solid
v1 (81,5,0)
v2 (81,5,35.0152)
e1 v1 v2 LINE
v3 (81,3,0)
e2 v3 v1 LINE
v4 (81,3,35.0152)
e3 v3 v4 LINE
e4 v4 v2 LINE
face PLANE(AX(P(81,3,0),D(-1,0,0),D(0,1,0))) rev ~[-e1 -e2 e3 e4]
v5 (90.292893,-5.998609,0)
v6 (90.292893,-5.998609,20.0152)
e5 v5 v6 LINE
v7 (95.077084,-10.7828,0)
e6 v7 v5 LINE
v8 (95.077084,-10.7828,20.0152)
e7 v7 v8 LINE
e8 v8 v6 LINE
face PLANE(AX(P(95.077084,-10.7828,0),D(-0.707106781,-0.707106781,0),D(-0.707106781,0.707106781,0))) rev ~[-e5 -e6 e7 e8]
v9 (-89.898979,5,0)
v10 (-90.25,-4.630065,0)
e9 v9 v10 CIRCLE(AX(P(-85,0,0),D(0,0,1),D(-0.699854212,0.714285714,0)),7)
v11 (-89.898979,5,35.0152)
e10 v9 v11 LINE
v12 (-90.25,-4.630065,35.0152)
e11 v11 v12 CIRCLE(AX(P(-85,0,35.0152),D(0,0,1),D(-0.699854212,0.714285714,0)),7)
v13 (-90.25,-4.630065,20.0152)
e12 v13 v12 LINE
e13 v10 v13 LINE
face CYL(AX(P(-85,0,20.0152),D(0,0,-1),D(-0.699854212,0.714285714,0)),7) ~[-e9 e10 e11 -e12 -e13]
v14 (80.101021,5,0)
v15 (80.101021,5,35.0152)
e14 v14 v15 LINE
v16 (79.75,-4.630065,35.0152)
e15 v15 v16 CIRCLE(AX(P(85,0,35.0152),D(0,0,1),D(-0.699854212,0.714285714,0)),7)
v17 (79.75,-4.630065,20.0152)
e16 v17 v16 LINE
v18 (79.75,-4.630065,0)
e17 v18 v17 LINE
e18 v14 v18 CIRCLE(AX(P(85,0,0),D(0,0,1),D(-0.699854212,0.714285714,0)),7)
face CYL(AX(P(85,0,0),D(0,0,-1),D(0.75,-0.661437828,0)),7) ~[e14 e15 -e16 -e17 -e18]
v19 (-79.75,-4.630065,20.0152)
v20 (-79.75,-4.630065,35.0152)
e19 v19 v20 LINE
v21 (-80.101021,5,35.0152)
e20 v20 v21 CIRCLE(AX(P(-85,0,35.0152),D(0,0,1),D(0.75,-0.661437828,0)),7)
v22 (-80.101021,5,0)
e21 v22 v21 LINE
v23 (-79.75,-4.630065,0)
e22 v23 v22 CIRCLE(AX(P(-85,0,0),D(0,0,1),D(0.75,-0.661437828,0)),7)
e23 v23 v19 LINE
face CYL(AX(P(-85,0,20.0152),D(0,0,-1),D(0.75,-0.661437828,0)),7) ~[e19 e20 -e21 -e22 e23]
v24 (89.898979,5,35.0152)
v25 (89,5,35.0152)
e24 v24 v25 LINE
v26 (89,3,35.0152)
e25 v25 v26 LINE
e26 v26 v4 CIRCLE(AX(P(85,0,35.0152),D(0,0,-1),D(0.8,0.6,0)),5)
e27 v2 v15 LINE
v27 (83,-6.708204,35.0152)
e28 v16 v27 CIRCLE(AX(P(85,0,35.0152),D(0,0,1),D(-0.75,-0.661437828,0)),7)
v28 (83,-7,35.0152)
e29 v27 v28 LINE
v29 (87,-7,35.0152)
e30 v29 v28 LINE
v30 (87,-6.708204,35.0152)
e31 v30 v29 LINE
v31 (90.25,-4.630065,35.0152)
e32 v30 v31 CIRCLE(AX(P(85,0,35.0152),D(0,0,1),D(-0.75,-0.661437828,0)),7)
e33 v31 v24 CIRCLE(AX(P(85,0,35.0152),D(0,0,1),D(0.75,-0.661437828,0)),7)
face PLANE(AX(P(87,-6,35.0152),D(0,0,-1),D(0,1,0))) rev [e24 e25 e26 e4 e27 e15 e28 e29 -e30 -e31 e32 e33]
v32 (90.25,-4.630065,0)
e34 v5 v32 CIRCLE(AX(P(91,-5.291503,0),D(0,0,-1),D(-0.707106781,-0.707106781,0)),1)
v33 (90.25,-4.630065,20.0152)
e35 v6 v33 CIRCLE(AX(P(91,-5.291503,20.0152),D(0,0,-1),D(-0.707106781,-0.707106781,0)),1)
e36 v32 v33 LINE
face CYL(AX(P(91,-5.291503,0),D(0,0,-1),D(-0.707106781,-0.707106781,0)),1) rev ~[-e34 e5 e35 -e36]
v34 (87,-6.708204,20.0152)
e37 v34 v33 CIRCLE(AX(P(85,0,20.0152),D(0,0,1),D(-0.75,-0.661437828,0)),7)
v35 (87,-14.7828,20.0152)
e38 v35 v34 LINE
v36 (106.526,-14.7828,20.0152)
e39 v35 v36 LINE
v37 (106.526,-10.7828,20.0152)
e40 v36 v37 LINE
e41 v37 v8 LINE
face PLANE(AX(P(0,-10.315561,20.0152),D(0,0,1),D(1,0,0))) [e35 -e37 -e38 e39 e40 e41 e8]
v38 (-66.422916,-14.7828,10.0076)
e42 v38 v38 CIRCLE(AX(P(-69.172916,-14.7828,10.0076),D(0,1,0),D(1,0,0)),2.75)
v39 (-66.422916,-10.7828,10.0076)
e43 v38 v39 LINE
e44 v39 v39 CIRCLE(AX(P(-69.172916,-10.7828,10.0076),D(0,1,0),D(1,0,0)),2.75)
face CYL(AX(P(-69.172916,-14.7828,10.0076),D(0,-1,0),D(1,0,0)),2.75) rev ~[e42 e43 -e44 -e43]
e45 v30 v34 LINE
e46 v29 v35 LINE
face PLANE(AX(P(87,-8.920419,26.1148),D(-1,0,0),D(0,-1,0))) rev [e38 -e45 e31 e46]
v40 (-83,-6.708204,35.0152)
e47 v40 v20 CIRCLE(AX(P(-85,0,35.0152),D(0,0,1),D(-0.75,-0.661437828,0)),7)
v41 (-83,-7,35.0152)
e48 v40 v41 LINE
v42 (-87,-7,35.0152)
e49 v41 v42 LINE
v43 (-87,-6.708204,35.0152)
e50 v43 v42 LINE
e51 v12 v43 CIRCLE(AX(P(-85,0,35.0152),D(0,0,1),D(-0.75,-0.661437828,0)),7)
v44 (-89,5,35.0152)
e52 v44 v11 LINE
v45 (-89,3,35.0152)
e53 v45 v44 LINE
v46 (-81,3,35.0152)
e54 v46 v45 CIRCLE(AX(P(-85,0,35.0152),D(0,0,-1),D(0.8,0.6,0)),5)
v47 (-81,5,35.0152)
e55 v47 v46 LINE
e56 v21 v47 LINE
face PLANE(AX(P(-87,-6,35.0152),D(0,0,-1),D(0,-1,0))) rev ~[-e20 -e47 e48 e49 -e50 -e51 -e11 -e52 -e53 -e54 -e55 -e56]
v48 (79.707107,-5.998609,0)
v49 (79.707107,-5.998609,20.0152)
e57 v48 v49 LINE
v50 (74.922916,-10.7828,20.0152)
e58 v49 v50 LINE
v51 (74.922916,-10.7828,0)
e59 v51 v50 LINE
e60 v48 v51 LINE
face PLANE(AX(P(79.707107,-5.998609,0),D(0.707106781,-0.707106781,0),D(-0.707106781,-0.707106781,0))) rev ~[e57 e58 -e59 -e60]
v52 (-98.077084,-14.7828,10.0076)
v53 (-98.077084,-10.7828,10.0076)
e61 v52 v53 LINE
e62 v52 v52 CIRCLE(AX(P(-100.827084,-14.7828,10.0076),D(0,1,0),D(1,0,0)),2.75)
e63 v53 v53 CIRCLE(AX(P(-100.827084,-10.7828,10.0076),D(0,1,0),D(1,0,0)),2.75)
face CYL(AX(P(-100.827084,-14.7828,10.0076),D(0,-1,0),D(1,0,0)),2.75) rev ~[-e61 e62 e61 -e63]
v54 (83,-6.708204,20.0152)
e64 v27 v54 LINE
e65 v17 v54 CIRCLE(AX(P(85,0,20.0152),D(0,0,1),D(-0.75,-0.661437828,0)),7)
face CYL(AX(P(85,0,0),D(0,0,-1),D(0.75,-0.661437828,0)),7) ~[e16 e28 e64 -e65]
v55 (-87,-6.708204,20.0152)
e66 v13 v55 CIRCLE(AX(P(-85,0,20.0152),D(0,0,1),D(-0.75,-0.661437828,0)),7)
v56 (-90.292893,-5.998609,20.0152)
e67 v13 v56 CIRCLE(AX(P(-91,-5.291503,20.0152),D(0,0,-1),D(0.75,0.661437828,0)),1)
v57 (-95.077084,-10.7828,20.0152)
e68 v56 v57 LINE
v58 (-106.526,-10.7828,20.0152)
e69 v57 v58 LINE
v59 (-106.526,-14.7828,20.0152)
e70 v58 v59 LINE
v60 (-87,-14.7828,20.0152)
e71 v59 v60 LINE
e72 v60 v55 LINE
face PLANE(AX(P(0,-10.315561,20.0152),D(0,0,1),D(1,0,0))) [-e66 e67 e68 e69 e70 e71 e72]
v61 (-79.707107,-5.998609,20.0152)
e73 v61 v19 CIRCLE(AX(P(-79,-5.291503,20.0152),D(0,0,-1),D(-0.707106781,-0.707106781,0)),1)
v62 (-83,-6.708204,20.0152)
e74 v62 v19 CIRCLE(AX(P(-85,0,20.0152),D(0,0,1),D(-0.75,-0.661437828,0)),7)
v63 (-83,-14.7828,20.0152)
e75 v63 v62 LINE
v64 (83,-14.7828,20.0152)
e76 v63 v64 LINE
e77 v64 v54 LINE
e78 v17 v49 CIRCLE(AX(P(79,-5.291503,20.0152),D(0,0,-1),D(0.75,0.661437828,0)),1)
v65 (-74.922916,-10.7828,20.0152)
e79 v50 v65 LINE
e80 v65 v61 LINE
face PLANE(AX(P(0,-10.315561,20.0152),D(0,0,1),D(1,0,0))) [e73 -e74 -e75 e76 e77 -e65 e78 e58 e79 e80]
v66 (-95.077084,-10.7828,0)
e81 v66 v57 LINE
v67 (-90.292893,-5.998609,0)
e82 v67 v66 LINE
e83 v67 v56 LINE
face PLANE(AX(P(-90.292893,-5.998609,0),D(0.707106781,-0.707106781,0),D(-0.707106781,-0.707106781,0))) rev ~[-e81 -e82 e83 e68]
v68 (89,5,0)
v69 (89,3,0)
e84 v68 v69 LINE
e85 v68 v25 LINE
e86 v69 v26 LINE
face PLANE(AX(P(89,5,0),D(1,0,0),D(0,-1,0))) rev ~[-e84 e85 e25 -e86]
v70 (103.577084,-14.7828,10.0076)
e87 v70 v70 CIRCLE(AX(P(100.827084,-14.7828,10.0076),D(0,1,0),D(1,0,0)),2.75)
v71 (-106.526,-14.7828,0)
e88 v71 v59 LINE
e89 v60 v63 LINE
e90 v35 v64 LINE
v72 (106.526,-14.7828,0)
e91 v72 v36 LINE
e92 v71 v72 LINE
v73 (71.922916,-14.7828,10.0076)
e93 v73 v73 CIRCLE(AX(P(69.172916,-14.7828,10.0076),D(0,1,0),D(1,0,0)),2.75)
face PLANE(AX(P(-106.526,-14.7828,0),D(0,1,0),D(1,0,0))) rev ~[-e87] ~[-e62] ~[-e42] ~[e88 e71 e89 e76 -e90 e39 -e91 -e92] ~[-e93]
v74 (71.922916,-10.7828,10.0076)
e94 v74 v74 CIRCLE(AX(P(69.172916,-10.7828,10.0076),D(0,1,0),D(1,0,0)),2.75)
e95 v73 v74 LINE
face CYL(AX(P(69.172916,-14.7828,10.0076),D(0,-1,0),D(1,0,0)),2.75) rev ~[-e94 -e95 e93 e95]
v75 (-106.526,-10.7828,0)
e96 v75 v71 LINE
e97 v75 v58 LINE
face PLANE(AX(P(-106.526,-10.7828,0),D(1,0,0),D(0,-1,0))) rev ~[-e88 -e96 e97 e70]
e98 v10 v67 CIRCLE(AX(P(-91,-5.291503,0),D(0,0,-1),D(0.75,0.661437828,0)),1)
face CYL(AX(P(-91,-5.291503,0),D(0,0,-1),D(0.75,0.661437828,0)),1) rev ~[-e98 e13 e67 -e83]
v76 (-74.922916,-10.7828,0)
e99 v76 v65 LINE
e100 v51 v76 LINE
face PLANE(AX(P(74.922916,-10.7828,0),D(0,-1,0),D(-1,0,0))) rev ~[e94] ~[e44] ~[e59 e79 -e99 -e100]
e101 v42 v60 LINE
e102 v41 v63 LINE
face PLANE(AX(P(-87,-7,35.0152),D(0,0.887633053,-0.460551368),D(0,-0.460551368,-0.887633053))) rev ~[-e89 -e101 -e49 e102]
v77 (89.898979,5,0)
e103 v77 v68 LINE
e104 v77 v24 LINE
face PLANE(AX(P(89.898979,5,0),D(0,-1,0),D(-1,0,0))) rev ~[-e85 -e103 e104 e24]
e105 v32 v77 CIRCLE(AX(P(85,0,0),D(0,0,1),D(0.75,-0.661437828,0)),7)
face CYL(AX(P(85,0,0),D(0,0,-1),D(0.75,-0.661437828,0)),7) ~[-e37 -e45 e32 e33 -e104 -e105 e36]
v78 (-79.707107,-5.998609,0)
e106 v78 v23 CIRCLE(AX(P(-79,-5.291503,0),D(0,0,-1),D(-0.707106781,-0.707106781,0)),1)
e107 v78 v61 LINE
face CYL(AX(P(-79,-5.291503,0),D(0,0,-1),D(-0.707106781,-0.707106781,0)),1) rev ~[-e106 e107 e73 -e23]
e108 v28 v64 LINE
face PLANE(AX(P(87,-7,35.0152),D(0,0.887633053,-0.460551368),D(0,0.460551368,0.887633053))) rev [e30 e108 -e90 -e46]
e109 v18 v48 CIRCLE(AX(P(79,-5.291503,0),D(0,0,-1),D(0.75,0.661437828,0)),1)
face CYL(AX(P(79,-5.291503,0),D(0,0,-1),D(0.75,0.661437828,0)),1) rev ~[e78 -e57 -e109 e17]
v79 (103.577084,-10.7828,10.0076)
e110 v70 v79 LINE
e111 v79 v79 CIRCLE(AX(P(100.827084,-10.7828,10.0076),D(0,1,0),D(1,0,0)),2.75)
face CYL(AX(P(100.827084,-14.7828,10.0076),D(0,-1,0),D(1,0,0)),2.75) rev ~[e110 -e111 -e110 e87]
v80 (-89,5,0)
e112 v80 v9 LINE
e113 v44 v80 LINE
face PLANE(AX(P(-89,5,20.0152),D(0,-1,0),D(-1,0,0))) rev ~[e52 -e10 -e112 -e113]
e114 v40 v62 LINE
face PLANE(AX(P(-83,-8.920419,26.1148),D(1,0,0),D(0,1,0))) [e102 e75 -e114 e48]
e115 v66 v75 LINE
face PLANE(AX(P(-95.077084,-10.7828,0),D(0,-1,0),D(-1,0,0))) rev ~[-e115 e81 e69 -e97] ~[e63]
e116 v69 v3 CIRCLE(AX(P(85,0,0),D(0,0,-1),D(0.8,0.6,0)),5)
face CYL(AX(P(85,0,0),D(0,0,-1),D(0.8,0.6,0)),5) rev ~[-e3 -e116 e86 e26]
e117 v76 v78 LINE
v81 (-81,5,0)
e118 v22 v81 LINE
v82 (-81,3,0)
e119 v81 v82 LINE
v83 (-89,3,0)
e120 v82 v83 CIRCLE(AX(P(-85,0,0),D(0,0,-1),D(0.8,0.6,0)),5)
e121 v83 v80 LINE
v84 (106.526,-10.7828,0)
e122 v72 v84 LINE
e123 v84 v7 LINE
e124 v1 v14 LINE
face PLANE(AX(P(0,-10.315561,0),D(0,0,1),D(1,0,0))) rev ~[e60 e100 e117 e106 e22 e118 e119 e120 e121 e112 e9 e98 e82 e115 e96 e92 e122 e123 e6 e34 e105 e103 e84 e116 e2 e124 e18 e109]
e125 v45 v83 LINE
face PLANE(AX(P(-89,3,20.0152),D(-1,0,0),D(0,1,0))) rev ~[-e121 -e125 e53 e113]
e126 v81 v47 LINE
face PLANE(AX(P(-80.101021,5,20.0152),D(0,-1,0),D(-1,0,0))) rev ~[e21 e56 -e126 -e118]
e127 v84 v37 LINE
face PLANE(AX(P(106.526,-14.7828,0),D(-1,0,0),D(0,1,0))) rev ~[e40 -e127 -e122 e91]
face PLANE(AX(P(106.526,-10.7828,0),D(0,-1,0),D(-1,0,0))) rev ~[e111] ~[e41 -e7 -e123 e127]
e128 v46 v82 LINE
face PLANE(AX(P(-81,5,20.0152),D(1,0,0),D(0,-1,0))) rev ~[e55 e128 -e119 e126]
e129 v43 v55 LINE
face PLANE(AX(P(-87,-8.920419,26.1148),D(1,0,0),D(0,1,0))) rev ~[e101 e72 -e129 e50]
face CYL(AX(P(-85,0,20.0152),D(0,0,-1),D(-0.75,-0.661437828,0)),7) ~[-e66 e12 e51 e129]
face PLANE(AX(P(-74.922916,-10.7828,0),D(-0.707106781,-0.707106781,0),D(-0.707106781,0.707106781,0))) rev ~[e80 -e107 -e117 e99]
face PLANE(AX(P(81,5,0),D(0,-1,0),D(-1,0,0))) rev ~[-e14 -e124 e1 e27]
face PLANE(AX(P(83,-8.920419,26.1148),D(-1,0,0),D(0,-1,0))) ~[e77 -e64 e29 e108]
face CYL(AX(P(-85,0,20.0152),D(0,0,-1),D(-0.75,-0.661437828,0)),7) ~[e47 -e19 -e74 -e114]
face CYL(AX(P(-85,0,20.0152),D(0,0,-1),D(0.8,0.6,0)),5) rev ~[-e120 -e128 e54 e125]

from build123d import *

# Parameters (mm, degrees)
F1_DEPTH = 20.0152
F3_DEPTH = 15
F4_R     = 2.75
F5_DEPTH = 19.7838
F8_DEPTH = 4


with BuildPart() as f1:
    # F0 (on Top) → F1 (new body)
    with BuildSketch(Plane.XY):
        with BuildLine():
            ThreePointArc((-81, 3), (-85, -5), (-89, 3))
            Line((-89, 3), (-89, 5))
            Line((-89, 5), (-89.8989794856, 5))
            ThreePointArc((-89.8989794856, 5), (-91.9953543967, 0.2549840475), (-90.25, -4.6300647944))
            ThreePointArc((-90.25, -4.6300647944), (-90.0004908056, -5.3228294538), (-90.2928932188, -5.9986094033))
            Line((-90.2928932188, -5.9986094033), (-95.0770838155, -10.7828))
            Line((-95.0770838155, -10.7828), (-106.526, -10.7828))
            Line((-106.526, -10.7828), (-106.526, -14.7828))
            Line((-106.526, -14.7828), (106.526, -14.7828))
            Line((106.526, -14.7828), (106.526, -10.7828))
            Line((106.526, -10.7828), (95.0770838155, -10.7828))
            Line((95.0770838155, -10.7828), (90.2928932188, -5.9986094033))
            ThreePointArc((90.2928932188, -5.9986094033), (90.0004908056, -5.3228294538), (90.25, -4.6300647944))
            ThreePointArc((90.25, -4.6300647944), (91.9953543967, 0.2549840475), (89.8989794856, 5))
            Line((89.8989794856, 5), (89, 5))
            Line((89, 5), (89, 3))
            ThreePointArc((89, 3), (85, -5), (81, 3))
            Line((81, 3), (81, 5))
            Line((81, 5), (80.1010205144, 5))
            ThreePointArc((80.1010205144, 5), (78.0046456033, 0.2549840475), (79.75, -4.6300647944))
            ThreePointArc((79.75, -4.6300647944), (79.9995091944, -5.3228294538), (79.7071067812, -5.9986094033))
            Line((79.7071067812, -5.9986094033), (74.9229161845, -10.7828))
            Line((74.9229161845, -10.7828), (-74.9229161845, -10.7828))
            Line((-74.9229161845, -10.7828), (-79.7071067812, -5.9986094033))
            ThreePointArc((-79.7071067812, -5.9986094033), (-79.9995091944, -5.3228294538), (-79.75, -4.6300647944))
            ThreePointArc((-79.75, -4.6300647944), (-78.0046456033, 0.2549840475), (-80.1010205144, 5))
            Line((-80.1010205144, 5), (-81, 5))
            Line((-81, 5), (-81, 3))
        make_face()
    extrude(amount=F1_DEPTH)

    # F2 (on face) → F3 (join)
    with BuildSketch(Plane.XY.offset(20.0152)):
        with BuildLine():
            Line((-89, 5), (-89.8989794856, 5))
            ThreePointArc((-89.8989794856, 5), (-91.9953543967, 0.2549840475), (-90.25, -4.6300647944))
            ThreePointArc((-90.25, -4.6300647944), (-85, -7), (-79.75, -4.6300647944))
            ThreePointArc((-79.75, -4.6300647944), (-78.0046456033, 0.2549840475), (-80.1010205144, 5))
            Line((-80.1010205144, 5), (-81, 5))
            Line((-81, 5), (-81, 3))
            ThreePointArc((-81, 3), (-85, -5), (-89, 3))
            Line((-89, 3), (-89, 5))
        make_face()
        with BuildLine():
            ThreePointArc((80.1010205144, 5), (78.0046456033, 0.2549840475), (79.75, -4.6300647944))
            ThreePointArc((79.75, -4.6300647944), (85, -7), (90.25, -4.6300647944))
            ThreePointArc((90.25, -4.6300647944), (91.9953543967, 0.2549840475), (89.8989794856, 5))
            Line((89.8989794856, 5), (89, 5))
            Line((89, 5), (89, 3))
            ThreePointArc((89, 3), (85, -5), (81, 3))
            Line((81, 3), (81, 5))
            Line((81, 5), (80.1010205144, 5))
        make_face()
    extrude(amount=F3_DEPTH)

    # F4 (on face) → F5 (cut, through all)
    with BuildSketch(Plane.XZ.offset(14.7828)):
        with Locations((-100.8270838155, 10.0076)):
            Circle(F4_R)
        with Locations((-69.1729161845, 10.0076)):
            Circle(F4_R)
        with Locations((69.1729161845, 10.0076)):
            Circle(F4_R)
        with Locations((100.8270838155, 10.0076)):
            Circle(F4_R)
    extrude(amount=-F5_DEPTH, mode=Mode.SUBTRACT)

    # F7 (on offset) → F8 (join)
    with BuildSketch(Plane.YZ.offset(-87)):
        Polygon((-7, 35.0152), (-14.7828, 20.0152), (-6, 20.0152), (-6, 35.0152), align=None)
    extrude(amount=F8_DEPTH)

    # F9: F1 across plane


with BuildPart() as f1_1:
    add(f1.part)
    add(f1.part.mirror(Plane.YZ))


solid = f1_1.part
